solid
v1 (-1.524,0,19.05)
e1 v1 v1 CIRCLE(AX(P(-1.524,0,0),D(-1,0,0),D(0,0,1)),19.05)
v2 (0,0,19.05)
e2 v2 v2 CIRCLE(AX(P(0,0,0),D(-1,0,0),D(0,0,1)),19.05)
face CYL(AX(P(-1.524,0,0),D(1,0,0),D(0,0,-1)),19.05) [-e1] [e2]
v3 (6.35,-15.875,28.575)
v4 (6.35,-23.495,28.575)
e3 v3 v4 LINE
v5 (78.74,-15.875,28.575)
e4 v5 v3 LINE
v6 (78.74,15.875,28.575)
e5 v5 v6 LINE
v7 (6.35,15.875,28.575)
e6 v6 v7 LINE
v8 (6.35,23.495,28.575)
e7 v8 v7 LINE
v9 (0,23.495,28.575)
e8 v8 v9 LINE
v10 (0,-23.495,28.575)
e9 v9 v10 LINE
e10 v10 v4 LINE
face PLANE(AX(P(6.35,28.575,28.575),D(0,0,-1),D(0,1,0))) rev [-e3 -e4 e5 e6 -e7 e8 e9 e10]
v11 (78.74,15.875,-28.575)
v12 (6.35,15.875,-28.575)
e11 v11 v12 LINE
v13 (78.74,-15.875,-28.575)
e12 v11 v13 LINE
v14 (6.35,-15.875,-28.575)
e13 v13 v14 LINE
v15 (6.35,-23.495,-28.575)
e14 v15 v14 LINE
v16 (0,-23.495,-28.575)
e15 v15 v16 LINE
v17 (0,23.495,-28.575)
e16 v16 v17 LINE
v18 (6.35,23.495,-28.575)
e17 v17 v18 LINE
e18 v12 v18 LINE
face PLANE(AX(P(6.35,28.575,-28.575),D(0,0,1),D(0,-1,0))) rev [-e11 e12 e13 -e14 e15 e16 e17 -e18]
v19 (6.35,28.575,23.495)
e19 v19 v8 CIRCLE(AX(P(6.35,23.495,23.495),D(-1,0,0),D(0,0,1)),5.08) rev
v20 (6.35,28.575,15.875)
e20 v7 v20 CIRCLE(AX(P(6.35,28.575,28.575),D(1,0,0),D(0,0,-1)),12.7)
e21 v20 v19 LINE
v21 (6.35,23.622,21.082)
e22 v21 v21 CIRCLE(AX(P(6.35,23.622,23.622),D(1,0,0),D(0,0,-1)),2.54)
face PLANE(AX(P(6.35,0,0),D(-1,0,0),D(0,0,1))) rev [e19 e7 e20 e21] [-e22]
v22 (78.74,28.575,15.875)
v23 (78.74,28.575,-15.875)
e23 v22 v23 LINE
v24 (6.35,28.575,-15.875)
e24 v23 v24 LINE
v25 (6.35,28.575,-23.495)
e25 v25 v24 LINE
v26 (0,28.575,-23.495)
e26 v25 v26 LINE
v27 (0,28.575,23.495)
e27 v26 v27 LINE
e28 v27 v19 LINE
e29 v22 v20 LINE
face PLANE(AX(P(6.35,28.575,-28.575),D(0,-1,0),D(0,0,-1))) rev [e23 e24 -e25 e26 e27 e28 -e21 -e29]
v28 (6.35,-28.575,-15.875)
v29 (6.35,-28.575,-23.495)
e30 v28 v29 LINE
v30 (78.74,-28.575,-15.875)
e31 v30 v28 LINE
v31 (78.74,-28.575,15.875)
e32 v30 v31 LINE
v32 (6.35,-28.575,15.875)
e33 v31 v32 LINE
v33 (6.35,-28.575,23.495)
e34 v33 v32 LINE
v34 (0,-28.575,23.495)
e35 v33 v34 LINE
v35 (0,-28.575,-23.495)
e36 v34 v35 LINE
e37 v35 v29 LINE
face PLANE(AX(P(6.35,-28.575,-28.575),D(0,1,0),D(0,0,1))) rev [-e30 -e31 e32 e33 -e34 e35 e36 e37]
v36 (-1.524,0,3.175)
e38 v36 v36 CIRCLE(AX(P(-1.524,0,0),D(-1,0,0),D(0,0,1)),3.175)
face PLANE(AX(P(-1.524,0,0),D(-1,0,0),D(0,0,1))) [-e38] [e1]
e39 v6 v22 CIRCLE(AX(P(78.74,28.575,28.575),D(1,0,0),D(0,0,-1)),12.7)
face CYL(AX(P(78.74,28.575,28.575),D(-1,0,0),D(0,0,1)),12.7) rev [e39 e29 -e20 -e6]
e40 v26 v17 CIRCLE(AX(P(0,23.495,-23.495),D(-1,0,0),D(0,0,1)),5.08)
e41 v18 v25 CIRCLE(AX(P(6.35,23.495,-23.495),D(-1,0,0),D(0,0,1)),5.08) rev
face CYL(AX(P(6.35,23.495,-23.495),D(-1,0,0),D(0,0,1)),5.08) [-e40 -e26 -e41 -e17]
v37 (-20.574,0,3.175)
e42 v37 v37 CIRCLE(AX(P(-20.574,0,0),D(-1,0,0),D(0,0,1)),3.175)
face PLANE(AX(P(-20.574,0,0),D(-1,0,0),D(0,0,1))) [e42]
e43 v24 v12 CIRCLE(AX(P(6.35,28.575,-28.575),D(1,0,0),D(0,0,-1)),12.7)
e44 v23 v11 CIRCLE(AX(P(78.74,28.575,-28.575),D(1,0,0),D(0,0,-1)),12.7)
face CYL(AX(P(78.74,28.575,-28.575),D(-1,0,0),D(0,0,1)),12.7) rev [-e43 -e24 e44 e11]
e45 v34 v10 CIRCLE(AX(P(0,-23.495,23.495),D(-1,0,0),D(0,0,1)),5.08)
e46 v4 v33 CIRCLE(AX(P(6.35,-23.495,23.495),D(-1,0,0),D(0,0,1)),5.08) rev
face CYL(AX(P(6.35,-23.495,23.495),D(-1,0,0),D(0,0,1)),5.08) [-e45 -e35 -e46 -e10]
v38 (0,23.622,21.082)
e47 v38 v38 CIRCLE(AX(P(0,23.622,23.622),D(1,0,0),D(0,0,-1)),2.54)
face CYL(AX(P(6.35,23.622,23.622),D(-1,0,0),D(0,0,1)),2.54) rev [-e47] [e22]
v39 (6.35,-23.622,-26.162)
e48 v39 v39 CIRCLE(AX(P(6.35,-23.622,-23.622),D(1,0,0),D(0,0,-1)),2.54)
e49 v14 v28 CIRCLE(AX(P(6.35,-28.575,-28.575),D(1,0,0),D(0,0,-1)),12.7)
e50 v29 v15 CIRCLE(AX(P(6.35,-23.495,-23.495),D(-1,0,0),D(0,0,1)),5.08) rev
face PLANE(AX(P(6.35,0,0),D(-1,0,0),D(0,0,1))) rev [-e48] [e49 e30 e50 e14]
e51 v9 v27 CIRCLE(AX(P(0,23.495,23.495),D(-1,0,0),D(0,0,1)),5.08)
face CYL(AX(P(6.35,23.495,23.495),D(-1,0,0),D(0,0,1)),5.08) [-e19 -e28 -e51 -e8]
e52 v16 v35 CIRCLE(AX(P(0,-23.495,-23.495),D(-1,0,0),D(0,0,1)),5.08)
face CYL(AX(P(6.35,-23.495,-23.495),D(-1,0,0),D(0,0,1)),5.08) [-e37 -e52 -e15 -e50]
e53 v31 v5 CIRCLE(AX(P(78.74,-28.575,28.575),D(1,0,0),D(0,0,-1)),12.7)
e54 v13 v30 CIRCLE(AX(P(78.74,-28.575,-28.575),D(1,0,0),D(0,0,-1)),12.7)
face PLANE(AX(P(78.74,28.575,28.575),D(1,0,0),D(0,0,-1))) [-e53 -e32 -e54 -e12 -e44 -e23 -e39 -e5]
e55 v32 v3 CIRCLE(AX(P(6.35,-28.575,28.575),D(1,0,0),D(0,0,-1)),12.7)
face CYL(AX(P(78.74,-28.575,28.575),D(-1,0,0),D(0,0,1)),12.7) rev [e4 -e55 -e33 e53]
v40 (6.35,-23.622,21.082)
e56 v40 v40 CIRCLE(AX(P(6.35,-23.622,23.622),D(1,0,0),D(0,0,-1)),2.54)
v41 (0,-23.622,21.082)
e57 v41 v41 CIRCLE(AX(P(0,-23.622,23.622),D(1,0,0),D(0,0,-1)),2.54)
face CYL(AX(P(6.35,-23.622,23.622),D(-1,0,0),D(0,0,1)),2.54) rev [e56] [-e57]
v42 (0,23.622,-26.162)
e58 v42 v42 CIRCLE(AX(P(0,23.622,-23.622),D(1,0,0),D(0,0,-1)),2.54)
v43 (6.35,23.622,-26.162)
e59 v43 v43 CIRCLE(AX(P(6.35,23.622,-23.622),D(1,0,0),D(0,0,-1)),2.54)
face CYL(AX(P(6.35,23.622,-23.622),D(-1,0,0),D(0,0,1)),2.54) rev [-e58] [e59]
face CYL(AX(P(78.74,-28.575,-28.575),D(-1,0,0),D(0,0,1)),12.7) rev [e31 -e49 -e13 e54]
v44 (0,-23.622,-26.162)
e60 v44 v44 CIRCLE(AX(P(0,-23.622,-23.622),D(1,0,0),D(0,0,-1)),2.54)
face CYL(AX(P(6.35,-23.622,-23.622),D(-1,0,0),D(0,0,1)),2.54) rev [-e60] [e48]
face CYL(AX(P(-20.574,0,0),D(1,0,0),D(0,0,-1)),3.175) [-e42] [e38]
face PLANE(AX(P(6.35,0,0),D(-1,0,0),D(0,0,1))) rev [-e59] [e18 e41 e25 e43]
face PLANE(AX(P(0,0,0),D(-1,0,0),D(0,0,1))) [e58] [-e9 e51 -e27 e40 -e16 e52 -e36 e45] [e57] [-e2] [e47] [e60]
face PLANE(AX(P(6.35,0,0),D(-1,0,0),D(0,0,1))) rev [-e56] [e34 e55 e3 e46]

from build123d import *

# Parameters (mm, degrees)
SKETCH1_W           = 57.15
SKETCH1_H           = 57.15
SKETCH1_R           = 2.54
BOSS_EXTRUDE1_DEPTH = 6.35
FILLET1_R           = 5.08
SKETCH5_R           = 19.05
BOSS_EXTRUDE4_DEPTH = 1.524
SKETCH6_R           = 3.175
BOSS_EXTRUDE5_DEPTH = 19.05
BOSS_EXTRUDE6_DEPTH = 72.39


with BuildPart() as part:
    # Sketch1 → Boss-Extrude1 (new body)
    with BuildSketch(Plane(origin=(0, 0, 0), x_dir=(0, 0, -1), z_dir=(1, 0, 0))):
        Rectangle(SKETCH1_W, SKETCH1_H)
        with Locations((23.622, 23.622)):
            Circle(SKETCH1_R, mode=Mode.SUBTRACT)
        with Locations((-23.622, 23.622)):
            Circle(SKETCH1_R, mode=Mode.SUBTRACT)
        with Locations((-23.622, -23.622)):
            Circle(SKETCH1_R, mode=Mode.SUBTRACT)
        with Locations((23.622, -23.622)):
            Circle(SKETCH1_R, mode=Mode.SUBTRACT)
    extrude(amount=BOSS_EXTRUDE1_DEPTH)

    # Fillet1
    fillet1_edges = [part.edges().sort_by_distance(p)[0] for p in [
        (3.175, 28.575, 28.575),
        (3.175, 28.575, -28.575),
        (3.175, -28.575, -28.575),
        (3.175, -28.575, 28.575),
    ]]
    fillet(fillet1_edges, radius=FILLET1_R)

    # Sketch5 → Boss-Extrude4 (add)
    with BuildSketch(Plane.ZY):
        Circle(SKETCH5_R)
    extrude(amount=BOSS_EXTRUDE4_DEPTH)

    # Sketch6 → Boss-Extrude5 (add)
    with BuildSketch(Plane.ZY.offset(1.524)):
        Circle(SKETCH6_R)
    extrude(amount=BOSS_EXTRUDE5_DEPTH)

    # Sketch7 → Boss-Extrude6 (add)
    with BuildSketch(Plane(origin=(6.35, 0, 0), x_dir=(0, 0, -1), z_dir=(1, 0, 0))):
        with BuildLine():
            Line((-15.875, 28.575), (15.875, 28.575))
            ThreePointArc((15.875, 28.575), (19.594743879, 19.594743879), (28.575, 15.875))
            Line((28.575, 15.875), (28.575, -15.875))
            ThreePointArc((28.575, -15.875), (19.594743879, -19.594743879), (15.875, -28.575))
            Line((15.875, -28.575), (-15.875, -28.575))
            ThreePointArc((-15.875, -28.575), (-19.594743879, -19.594743879), (-28.575, -15.875))
            Line((-28.575, -15.875), (-28.575, 15.875))
            ThreePointArc((-28.575, 15.875), (-19.594743879, 19.594743879), (-15.875, 28.575))
        make_face()
    extrude(amount=BOSS_EXTRUDE6_DEPTH)


solid = part.part
